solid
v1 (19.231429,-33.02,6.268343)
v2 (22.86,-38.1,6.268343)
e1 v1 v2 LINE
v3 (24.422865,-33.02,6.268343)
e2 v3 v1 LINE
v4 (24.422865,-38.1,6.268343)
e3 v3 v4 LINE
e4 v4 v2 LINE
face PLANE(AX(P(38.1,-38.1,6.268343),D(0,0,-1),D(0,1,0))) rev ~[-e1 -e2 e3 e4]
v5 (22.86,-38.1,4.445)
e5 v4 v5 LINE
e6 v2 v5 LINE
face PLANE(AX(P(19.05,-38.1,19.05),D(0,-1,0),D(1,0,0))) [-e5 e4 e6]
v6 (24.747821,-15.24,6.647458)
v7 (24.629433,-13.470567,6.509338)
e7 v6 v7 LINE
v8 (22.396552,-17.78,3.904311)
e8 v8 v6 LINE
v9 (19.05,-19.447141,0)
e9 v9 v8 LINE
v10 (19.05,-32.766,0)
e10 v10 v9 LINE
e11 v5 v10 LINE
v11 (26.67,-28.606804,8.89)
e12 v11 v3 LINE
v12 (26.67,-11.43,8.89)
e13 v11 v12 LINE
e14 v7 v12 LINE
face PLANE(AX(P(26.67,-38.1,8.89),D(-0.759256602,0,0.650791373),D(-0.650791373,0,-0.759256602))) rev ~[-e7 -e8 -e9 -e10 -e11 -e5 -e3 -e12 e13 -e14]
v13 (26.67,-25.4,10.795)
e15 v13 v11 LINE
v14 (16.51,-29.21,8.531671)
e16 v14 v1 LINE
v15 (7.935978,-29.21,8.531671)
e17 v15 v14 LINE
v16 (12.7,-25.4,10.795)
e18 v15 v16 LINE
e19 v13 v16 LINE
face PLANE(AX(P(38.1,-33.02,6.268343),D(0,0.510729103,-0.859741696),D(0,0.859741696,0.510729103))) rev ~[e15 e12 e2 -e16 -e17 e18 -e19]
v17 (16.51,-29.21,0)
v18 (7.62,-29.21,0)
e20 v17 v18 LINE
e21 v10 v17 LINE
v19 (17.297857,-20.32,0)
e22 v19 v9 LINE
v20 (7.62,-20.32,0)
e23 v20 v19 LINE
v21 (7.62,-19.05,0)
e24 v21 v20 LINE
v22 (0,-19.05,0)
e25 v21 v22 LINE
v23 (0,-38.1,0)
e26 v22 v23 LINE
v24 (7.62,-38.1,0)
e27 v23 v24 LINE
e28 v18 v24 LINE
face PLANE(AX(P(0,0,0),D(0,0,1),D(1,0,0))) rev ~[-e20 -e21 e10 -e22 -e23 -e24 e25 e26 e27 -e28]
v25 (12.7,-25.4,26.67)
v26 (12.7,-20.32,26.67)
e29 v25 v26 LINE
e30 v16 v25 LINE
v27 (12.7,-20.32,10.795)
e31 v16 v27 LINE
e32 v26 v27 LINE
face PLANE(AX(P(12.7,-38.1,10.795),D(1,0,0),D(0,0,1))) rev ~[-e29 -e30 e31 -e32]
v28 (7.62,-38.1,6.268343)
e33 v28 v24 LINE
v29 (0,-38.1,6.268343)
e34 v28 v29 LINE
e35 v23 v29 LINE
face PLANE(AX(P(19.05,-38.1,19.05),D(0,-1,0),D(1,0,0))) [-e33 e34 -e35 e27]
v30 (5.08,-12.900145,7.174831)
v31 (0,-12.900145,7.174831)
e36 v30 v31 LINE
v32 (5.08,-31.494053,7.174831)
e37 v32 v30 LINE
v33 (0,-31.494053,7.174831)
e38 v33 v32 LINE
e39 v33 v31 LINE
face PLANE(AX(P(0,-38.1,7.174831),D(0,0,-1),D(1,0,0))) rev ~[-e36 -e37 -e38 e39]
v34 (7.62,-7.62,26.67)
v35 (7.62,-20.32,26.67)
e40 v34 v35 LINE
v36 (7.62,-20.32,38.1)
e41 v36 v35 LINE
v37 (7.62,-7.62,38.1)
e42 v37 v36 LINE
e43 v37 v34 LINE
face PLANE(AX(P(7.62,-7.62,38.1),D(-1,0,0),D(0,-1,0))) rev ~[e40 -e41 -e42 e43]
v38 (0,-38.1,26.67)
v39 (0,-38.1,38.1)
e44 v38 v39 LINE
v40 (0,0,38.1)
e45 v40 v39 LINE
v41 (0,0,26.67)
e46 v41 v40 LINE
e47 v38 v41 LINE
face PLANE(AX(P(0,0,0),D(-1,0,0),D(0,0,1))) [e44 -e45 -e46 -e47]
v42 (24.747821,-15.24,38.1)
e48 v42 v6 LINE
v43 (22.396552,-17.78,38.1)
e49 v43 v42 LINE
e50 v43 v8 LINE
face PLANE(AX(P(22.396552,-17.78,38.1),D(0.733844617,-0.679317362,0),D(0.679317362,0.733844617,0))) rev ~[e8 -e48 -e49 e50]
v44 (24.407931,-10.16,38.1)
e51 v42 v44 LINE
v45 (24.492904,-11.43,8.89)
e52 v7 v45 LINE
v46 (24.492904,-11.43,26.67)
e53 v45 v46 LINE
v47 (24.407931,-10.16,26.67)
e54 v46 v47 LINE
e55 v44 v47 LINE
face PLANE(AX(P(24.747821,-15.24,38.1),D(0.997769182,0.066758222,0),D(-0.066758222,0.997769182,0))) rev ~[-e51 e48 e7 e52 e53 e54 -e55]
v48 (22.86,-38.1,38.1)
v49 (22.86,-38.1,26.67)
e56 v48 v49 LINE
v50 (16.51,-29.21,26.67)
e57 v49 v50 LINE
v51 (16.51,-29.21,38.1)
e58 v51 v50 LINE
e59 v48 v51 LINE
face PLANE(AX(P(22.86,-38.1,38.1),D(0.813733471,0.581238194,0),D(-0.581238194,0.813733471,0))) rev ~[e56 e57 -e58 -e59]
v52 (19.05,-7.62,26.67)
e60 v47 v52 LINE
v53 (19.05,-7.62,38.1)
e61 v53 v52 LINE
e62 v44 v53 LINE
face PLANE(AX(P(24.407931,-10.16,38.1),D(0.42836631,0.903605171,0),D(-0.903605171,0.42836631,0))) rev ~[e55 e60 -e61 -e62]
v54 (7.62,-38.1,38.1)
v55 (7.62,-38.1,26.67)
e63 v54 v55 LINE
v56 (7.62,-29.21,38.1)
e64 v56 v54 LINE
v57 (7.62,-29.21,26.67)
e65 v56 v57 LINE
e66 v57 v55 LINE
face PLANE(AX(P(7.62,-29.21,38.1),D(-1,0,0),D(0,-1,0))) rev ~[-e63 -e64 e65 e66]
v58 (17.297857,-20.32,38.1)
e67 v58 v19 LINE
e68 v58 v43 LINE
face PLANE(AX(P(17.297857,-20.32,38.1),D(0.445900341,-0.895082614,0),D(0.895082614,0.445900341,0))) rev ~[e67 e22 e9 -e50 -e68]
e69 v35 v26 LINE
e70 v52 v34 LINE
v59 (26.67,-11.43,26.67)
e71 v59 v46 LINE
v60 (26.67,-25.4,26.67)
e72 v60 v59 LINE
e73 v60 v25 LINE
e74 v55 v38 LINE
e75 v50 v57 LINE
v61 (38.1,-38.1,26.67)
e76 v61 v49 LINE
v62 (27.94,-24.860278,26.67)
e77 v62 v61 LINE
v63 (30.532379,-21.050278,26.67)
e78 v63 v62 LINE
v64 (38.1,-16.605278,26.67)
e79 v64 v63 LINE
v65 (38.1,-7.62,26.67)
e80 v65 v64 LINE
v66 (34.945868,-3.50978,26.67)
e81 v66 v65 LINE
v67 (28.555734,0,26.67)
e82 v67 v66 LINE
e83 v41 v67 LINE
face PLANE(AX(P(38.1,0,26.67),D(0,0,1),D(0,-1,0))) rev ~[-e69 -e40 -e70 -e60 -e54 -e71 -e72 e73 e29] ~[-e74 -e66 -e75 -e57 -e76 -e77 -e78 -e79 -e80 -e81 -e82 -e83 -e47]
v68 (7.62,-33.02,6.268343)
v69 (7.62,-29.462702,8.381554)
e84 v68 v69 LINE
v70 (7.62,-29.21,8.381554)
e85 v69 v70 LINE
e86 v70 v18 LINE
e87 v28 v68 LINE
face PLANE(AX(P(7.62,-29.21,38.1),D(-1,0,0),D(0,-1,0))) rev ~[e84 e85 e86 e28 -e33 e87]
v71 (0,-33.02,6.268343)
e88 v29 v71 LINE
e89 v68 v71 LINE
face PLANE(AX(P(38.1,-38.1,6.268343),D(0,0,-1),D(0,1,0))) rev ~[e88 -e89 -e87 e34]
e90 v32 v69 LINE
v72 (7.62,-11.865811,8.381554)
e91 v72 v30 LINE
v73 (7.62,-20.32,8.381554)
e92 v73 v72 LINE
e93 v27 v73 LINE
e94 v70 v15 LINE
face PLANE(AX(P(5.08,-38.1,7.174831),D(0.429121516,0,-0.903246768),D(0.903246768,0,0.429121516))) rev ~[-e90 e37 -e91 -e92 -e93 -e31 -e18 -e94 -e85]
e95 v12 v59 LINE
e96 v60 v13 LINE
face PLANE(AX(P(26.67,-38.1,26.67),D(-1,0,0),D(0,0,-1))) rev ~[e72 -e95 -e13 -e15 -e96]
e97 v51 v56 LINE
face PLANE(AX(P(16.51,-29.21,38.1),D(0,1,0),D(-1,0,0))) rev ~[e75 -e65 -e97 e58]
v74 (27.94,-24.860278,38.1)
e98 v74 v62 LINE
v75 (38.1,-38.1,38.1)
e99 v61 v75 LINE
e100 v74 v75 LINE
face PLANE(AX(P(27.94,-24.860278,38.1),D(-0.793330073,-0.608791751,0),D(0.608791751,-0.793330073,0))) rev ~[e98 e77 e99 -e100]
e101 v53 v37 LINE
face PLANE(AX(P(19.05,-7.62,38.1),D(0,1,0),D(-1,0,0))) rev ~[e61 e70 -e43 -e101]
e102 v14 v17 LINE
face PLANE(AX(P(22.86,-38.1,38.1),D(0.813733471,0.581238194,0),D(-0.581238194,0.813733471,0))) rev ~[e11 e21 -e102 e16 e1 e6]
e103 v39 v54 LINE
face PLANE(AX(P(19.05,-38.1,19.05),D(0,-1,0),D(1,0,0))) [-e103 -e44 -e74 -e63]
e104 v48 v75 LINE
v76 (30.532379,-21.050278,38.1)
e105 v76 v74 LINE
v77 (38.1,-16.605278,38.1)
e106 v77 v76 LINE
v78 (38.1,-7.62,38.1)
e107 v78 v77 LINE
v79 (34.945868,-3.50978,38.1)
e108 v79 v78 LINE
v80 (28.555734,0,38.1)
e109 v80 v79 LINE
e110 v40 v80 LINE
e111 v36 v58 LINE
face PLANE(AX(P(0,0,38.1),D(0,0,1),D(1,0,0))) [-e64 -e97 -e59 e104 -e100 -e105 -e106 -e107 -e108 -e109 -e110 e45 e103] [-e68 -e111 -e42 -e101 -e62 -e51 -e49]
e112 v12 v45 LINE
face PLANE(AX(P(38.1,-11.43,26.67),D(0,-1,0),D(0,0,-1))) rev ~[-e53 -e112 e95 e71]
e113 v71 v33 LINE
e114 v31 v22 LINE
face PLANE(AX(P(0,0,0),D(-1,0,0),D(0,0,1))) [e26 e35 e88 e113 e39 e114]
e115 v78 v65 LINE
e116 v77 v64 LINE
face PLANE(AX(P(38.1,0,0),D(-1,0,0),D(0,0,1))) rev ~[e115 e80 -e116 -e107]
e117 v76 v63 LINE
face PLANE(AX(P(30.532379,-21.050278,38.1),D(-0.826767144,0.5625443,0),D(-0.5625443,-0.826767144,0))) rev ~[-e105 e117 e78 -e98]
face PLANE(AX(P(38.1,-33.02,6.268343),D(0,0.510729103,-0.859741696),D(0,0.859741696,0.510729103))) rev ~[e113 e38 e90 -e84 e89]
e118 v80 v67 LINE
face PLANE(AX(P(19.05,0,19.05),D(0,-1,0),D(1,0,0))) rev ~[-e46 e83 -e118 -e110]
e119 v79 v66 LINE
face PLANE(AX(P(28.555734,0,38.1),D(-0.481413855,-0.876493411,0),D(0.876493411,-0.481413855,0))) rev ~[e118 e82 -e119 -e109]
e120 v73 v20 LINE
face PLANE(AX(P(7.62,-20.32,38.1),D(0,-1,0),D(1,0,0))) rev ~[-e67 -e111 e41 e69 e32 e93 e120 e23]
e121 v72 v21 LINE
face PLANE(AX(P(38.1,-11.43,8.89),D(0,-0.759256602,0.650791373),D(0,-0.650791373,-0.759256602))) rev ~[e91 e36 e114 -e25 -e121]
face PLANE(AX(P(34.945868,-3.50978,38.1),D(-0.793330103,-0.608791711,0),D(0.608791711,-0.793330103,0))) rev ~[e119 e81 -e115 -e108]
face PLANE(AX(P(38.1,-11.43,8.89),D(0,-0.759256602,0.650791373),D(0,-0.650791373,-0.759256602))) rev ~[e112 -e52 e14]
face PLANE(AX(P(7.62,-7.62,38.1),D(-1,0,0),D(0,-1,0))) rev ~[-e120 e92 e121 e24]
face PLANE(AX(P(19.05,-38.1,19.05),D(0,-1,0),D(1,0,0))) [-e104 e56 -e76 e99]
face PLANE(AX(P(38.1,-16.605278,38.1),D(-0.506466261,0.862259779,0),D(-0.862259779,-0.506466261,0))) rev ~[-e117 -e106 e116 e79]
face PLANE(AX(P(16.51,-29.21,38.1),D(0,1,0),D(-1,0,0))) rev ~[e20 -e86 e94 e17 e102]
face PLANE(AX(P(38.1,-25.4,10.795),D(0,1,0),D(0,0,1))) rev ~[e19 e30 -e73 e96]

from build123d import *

# Parameters (mm, degrees)
F3_W      = 38.1
F3_H      = 38.1
F4_DEPTH  = 38.1
F6_DEPTH  = 38.1
F8_DEPTH  = 38.1
F10_DEPTH = 38.1


with BuildPart() as f4:
    # F3 (on Front) → F4 (new body)
    with BuildSketch(Plane.XZ):
        with Locations((19.05, 19.05)):
            Rectangle(F3_W, F3_H)
    extrude(amount=F4_DEPTH)

    # F5 (on offset) → F6 (cut)
    with BuildSketch(Plane.XZ.offset(38.1)):
        Polygon((0, 26.67), (0, 7.174831), (5.08, 7.174831), (12.7, 10.795), (12.7, 26.67), align=None)
        Polygon((26.67, 8.89), (19.05, 0), (38.1, 0), (38.1, 26.67), (26.67, 26.67), align=None)
    extrude(amount=-F6_DEPTH, mode=Mode.SUBTRACT)

    # F7 (on offset) → F8 (cut)
    with BuildSketch(Plane.YZ.offset(38.1)):
        Polygon((-38.1, 26.67), (-38.1, 6.268343), (-33.02, 6.268343), (-25.4, 10.795), (-25.4, 26.67), align=None)
        Polygon((-19.05, 0), (0, 0), (0, 26.67), (-11.43, 26.67), (-11.43, 8.89), align=None)
    extrude(amount=-F8_DEPTH, mode=Mode.SUBTRACT)

    # F9 (on offset) → F10 (cut)
    with BuildSketch(Plane.XY.offset(38.1)):
        Polygon((7.62, -29.21), (7.62, -38.1), (22.86, -38.1), (16.51, -29.21), align=None)
        Polygon((19.05, -7.62), (7.62, -7.62), (7.62, -20.32), (17.297857, -20.32), (22.396552, -17.78), (24.747821, -15.24), (24.407931, -10.16), align=None)
        Polygon((38.1, -38.1), (38.1, -16.605278), (30.532379, -21.050278), (27.94, -24.860278), align=None)
        Polygon((38.1, 0), (28.555734, 0), (34.945868, -3.50978), (38.1, -7.62), align=None)
    extrude(amount=-F10_DEPTH, mode=Mode.SUBTRACT)


solid = f4.part
